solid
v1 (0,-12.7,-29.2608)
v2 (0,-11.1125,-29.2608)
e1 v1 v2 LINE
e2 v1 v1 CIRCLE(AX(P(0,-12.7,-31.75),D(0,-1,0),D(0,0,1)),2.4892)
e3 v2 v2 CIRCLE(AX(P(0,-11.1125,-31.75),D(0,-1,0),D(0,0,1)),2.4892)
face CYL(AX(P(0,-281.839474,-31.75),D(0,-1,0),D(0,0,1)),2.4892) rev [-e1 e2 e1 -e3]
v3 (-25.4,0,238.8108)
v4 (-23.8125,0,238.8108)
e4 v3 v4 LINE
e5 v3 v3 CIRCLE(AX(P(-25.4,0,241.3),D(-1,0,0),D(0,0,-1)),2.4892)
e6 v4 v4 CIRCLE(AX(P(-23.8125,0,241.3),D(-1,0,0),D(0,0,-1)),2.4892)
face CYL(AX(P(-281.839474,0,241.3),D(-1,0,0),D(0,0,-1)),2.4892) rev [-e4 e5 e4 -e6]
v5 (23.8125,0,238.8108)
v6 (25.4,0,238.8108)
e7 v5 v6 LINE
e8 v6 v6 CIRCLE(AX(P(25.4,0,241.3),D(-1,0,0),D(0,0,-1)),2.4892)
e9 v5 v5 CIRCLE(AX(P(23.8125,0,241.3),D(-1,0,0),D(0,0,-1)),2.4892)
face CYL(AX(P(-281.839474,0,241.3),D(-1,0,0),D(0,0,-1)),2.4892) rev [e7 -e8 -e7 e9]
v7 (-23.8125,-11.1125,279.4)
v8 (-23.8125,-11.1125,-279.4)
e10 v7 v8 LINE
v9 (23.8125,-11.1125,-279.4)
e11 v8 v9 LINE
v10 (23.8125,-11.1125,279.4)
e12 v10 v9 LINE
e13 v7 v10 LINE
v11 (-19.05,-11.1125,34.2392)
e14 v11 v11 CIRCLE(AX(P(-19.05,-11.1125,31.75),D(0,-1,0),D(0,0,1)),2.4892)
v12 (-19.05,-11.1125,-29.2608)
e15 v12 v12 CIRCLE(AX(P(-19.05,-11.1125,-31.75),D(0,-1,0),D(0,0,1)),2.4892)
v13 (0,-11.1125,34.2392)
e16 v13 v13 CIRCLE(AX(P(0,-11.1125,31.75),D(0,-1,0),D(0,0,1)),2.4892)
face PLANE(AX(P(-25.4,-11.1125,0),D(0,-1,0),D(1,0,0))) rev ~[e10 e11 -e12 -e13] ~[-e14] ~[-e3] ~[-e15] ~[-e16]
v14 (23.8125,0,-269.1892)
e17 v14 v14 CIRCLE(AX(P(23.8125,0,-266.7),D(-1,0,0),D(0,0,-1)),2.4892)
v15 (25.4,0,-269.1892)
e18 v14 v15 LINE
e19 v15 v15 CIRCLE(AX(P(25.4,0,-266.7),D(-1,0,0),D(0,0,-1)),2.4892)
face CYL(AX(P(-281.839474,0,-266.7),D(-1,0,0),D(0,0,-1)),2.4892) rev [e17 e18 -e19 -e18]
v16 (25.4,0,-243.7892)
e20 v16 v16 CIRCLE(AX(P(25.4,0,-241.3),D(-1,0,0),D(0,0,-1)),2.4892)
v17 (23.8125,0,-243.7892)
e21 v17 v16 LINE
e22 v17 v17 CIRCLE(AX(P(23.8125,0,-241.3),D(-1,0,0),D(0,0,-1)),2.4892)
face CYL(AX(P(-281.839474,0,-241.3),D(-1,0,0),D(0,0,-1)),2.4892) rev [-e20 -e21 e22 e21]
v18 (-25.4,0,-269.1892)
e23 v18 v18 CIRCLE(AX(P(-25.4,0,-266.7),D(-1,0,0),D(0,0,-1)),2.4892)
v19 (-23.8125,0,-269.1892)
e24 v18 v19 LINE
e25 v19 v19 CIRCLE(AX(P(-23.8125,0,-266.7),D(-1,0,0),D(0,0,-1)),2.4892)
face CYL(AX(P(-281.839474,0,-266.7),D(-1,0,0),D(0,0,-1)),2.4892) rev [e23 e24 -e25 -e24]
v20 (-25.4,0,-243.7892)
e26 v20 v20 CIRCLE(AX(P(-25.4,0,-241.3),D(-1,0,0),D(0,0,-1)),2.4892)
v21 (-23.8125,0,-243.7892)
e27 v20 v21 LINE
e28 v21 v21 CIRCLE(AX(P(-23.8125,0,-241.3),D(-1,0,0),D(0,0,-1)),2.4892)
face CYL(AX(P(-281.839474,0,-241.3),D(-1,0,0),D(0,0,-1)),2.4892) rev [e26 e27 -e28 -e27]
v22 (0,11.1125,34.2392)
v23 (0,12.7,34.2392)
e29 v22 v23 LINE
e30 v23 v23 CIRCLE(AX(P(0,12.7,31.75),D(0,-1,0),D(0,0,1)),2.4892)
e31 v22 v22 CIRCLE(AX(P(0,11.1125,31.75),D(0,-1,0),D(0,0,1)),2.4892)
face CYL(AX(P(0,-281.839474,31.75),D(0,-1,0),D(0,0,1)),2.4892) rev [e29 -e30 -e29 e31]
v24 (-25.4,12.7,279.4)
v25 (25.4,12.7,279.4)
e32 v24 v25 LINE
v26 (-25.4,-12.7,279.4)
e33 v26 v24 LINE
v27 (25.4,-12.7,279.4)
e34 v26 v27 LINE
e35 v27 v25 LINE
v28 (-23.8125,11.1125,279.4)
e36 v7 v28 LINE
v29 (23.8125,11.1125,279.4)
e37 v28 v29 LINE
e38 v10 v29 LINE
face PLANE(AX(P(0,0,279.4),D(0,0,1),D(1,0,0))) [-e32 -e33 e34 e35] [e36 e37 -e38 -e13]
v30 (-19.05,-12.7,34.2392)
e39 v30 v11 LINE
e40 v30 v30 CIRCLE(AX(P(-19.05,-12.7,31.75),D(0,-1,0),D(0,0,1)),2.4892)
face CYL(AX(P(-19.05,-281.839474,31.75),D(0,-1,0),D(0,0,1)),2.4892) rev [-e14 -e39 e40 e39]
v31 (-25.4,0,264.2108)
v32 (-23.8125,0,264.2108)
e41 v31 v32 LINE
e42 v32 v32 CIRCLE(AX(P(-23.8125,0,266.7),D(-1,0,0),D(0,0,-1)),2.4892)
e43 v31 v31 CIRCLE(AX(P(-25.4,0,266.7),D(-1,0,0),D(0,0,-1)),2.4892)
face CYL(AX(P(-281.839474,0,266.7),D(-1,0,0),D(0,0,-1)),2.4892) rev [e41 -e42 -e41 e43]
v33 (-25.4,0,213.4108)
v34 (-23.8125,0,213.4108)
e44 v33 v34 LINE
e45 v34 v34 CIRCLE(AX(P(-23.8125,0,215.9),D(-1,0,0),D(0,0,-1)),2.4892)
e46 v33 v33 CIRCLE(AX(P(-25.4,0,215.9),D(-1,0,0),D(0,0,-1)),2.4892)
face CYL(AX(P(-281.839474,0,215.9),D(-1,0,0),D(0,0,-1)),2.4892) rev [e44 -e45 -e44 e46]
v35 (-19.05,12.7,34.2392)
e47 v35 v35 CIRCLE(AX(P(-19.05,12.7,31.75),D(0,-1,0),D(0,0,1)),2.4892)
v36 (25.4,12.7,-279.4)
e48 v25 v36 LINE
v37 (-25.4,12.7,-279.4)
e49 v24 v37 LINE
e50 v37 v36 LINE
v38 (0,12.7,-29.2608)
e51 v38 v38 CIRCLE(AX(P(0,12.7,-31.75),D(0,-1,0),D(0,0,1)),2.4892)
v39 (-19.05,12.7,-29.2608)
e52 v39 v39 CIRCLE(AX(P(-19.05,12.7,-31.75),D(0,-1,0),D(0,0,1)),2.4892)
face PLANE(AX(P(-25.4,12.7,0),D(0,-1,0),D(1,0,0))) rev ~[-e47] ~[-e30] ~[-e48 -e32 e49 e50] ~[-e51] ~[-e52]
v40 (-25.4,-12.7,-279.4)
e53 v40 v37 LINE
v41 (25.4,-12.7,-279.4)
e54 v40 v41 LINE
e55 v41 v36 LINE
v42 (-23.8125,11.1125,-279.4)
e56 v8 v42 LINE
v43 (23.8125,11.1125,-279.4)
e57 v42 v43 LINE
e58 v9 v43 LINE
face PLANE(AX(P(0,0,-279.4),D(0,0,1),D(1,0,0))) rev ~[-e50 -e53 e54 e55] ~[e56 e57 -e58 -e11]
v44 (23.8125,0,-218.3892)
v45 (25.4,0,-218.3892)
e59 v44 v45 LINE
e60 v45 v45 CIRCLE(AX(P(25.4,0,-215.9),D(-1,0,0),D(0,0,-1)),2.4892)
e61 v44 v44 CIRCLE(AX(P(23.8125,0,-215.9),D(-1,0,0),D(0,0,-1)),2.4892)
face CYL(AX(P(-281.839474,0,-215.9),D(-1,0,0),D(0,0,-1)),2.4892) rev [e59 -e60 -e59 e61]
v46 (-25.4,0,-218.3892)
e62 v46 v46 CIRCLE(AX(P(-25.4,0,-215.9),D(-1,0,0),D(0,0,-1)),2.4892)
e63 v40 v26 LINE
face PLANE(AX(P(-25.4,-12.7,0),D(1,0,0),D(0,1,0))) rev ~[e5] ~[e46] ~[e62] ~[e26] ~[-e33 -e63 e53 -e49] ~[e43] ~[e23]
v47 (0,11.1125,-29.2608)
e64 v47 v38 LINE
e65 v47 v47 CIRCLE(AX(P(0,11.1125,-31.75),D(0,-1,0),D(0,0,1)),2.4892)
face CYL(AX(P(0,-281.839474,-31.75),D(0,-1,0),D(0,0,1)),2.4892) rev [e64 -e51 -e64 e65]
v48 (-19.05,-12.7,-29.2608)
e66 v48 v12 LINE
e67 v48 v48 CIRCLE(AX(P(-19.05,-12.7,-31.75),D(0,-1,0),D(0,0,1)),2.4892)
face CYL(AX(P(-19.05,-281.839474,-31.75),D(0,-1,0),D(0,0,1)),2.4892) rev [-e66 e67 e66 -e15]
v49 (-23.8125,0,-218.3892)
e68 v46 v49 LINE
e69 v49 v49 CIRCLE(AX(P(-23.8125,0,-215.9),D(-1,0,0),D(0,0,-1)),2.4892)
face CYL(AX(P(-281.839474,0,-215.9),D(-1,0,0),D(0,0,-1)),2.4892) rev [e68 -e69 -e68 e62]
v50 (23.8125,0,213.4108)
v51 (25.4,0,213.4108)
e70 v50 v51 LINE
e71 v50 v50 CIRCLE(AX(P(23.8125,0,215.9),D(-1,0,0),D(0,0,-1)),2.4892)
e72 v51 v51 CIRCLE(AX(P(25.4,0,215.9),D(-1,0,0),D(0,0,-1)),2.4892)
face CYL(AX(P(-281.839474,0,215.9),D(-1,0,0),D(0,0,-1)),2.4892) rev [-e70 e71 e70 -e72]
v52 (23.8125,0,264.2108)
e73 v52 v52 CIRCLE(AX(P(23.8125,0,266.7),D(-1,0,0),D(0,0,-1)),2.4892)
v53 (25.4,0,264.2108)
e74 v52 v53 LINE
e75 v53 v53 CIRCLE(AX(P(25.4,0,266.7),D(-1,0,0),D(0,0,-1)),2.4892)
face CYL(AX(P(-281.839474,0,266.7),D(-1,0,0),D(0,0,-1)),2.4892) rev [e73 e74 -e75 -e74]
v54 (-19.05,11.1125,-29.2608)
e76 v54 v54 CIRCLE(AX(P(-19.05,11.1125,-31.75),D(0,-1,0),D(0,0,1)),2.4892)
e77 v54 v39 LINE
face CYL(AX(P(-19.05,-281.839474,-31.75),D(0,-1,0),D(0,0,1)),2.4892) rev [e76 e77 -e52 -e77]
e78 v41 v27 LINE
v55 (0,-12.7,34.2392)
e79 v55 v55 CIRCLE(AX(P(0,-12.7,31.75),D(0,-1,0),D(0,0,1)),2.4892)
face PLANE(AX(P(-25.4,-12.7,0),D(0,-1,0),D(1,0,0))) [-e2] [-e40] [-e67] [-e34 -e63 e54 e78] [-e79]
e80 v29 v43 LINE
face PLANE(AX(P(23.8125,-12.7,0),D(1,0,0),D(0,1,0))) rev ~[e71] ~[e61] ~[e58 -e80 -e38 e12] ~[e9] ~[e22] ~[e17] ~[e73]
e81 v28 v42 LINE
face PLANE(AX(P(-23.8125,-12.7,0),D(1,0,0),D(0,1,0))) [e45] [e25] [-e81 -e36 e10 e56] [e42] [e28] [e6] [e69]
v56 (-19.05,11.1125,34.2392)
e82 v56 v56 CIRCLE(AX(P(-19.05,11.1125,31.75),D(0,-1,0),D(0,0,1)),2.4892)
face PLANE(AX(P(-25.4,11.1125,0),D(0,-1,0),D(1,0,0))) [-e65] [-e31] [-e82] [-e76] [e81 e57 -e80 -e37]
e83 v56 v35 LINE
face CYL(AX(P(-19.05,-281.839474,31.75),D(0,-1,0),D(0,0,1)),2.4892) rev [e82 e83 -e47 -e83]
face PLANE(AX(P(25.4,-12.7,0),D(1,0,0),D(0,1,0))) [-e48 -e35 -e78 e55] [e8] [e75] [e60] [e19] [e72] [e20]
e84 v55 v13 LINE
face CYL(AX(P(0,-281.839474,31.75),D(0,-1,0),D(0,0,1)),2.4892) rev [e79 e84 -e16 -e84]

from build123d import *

# Parameters (mm, degrees)
SKETCH1_W               = 50.8
SKETCH1_H               = 25.4
BOSS_EXTRUDE1_DEPTH     = 279.4
SHELL1_T                = -1.5875
CUT_EXTRUDE1_DEPTH      = 281.839473721
CUT_EXTRUDE1_DEPTH_BACK = 281.839473721
SKETCH3_R               = 2.4892
CUT_EXTRUDE2_DEPTH      = 281.839473721
CUT_EXTRUDE2_DEPTH_BACK = 281.839473721
SKETCH4_R               = 2.4892


with BuildPart() as part:
    # Sketch1 → Boss-Extrude1 (new, symmetric)
    with BuildSketch(Plane.XY):
        Rectangle(SKETCH1_W, SKETCH1_H)
    extrude(amount=BOSS_EXTRUDE1_DEPTH, both=True)

    # Shell1
    shell1_openings = [part.faces().sort_by_distance(p)[0] for p in [
        (0, 0, 279.4),
        (0, 0, -279.4),
    ]]
    offset(amount=SHELL1_T, openings=shell1_openings, kind=Kind.INTERSECTION)

    # Sketch3 → Cut-Extrude1 (cut, two sides: drawn at the far end of the back side and taken through both)
    with BuildSketch(Plane(origin=(0, 0, 0), x_dir=(0, 0, -1), z_dir=(1, 0, 0)).offset(-CUT_EXTRUDE1_DEPTH_BACK)):
        with Locations((-266.7, 0)):
            Circle(SKETCH3_R)
        with Locations((-241.3, 0)):
            Circle(SKETCH3_R)
        with Locations((-215.9, 0)):
            Circle(SKETCH3_R)
        with Locations((215.9, 0)):
            Circle(SKETCH3_R)
        with Locations((241.3, 0)):
            Circle(SKETCH3_R)
        with Locations((266.7, 0)):
            Circle(SKETCH3_R)
    extrude(amount=CUT_EXTRUDE1_DEPTH + CUT_EXTRUDE1_DEPTH_BACK, mode=Mode.SUBTRACT)

    # Sketch4 → Cut-Extrude2 (cut, two sides: drawn at the far end of the back side and taken through both)
    with BuildSketch(Plane(origin=(0, 0, 0), x_dir=(1, 0, 0), z_dir=(0, 1, 0)).offset(-CUT_EXTRUDE2_DEPTH_BACK)):
        with Locations(Location((0, -31.75, 0), (0, 0, 270))):
            Circle(SKETCH4_R)
        with Locations(Location((-19.05, -31.75, 0), (0, 0, 270))):
            Circle(SKETCH4_R)
        with Locations(Location((0, 31.75, 0), (0, 0, 270))):
            Circle(SKETCH4_R)
        with Locations(Location((-19.05, 31.75, 0), (0, 0, 270))):
            Circle(SKETCH4_R)
    extrude(amount=CUT_EXTRUDE2_DEPTH + CUT_EXTRUDE2_DEPTH_BACK, mode=Mode.SUBTRACT)


solid = part.part
